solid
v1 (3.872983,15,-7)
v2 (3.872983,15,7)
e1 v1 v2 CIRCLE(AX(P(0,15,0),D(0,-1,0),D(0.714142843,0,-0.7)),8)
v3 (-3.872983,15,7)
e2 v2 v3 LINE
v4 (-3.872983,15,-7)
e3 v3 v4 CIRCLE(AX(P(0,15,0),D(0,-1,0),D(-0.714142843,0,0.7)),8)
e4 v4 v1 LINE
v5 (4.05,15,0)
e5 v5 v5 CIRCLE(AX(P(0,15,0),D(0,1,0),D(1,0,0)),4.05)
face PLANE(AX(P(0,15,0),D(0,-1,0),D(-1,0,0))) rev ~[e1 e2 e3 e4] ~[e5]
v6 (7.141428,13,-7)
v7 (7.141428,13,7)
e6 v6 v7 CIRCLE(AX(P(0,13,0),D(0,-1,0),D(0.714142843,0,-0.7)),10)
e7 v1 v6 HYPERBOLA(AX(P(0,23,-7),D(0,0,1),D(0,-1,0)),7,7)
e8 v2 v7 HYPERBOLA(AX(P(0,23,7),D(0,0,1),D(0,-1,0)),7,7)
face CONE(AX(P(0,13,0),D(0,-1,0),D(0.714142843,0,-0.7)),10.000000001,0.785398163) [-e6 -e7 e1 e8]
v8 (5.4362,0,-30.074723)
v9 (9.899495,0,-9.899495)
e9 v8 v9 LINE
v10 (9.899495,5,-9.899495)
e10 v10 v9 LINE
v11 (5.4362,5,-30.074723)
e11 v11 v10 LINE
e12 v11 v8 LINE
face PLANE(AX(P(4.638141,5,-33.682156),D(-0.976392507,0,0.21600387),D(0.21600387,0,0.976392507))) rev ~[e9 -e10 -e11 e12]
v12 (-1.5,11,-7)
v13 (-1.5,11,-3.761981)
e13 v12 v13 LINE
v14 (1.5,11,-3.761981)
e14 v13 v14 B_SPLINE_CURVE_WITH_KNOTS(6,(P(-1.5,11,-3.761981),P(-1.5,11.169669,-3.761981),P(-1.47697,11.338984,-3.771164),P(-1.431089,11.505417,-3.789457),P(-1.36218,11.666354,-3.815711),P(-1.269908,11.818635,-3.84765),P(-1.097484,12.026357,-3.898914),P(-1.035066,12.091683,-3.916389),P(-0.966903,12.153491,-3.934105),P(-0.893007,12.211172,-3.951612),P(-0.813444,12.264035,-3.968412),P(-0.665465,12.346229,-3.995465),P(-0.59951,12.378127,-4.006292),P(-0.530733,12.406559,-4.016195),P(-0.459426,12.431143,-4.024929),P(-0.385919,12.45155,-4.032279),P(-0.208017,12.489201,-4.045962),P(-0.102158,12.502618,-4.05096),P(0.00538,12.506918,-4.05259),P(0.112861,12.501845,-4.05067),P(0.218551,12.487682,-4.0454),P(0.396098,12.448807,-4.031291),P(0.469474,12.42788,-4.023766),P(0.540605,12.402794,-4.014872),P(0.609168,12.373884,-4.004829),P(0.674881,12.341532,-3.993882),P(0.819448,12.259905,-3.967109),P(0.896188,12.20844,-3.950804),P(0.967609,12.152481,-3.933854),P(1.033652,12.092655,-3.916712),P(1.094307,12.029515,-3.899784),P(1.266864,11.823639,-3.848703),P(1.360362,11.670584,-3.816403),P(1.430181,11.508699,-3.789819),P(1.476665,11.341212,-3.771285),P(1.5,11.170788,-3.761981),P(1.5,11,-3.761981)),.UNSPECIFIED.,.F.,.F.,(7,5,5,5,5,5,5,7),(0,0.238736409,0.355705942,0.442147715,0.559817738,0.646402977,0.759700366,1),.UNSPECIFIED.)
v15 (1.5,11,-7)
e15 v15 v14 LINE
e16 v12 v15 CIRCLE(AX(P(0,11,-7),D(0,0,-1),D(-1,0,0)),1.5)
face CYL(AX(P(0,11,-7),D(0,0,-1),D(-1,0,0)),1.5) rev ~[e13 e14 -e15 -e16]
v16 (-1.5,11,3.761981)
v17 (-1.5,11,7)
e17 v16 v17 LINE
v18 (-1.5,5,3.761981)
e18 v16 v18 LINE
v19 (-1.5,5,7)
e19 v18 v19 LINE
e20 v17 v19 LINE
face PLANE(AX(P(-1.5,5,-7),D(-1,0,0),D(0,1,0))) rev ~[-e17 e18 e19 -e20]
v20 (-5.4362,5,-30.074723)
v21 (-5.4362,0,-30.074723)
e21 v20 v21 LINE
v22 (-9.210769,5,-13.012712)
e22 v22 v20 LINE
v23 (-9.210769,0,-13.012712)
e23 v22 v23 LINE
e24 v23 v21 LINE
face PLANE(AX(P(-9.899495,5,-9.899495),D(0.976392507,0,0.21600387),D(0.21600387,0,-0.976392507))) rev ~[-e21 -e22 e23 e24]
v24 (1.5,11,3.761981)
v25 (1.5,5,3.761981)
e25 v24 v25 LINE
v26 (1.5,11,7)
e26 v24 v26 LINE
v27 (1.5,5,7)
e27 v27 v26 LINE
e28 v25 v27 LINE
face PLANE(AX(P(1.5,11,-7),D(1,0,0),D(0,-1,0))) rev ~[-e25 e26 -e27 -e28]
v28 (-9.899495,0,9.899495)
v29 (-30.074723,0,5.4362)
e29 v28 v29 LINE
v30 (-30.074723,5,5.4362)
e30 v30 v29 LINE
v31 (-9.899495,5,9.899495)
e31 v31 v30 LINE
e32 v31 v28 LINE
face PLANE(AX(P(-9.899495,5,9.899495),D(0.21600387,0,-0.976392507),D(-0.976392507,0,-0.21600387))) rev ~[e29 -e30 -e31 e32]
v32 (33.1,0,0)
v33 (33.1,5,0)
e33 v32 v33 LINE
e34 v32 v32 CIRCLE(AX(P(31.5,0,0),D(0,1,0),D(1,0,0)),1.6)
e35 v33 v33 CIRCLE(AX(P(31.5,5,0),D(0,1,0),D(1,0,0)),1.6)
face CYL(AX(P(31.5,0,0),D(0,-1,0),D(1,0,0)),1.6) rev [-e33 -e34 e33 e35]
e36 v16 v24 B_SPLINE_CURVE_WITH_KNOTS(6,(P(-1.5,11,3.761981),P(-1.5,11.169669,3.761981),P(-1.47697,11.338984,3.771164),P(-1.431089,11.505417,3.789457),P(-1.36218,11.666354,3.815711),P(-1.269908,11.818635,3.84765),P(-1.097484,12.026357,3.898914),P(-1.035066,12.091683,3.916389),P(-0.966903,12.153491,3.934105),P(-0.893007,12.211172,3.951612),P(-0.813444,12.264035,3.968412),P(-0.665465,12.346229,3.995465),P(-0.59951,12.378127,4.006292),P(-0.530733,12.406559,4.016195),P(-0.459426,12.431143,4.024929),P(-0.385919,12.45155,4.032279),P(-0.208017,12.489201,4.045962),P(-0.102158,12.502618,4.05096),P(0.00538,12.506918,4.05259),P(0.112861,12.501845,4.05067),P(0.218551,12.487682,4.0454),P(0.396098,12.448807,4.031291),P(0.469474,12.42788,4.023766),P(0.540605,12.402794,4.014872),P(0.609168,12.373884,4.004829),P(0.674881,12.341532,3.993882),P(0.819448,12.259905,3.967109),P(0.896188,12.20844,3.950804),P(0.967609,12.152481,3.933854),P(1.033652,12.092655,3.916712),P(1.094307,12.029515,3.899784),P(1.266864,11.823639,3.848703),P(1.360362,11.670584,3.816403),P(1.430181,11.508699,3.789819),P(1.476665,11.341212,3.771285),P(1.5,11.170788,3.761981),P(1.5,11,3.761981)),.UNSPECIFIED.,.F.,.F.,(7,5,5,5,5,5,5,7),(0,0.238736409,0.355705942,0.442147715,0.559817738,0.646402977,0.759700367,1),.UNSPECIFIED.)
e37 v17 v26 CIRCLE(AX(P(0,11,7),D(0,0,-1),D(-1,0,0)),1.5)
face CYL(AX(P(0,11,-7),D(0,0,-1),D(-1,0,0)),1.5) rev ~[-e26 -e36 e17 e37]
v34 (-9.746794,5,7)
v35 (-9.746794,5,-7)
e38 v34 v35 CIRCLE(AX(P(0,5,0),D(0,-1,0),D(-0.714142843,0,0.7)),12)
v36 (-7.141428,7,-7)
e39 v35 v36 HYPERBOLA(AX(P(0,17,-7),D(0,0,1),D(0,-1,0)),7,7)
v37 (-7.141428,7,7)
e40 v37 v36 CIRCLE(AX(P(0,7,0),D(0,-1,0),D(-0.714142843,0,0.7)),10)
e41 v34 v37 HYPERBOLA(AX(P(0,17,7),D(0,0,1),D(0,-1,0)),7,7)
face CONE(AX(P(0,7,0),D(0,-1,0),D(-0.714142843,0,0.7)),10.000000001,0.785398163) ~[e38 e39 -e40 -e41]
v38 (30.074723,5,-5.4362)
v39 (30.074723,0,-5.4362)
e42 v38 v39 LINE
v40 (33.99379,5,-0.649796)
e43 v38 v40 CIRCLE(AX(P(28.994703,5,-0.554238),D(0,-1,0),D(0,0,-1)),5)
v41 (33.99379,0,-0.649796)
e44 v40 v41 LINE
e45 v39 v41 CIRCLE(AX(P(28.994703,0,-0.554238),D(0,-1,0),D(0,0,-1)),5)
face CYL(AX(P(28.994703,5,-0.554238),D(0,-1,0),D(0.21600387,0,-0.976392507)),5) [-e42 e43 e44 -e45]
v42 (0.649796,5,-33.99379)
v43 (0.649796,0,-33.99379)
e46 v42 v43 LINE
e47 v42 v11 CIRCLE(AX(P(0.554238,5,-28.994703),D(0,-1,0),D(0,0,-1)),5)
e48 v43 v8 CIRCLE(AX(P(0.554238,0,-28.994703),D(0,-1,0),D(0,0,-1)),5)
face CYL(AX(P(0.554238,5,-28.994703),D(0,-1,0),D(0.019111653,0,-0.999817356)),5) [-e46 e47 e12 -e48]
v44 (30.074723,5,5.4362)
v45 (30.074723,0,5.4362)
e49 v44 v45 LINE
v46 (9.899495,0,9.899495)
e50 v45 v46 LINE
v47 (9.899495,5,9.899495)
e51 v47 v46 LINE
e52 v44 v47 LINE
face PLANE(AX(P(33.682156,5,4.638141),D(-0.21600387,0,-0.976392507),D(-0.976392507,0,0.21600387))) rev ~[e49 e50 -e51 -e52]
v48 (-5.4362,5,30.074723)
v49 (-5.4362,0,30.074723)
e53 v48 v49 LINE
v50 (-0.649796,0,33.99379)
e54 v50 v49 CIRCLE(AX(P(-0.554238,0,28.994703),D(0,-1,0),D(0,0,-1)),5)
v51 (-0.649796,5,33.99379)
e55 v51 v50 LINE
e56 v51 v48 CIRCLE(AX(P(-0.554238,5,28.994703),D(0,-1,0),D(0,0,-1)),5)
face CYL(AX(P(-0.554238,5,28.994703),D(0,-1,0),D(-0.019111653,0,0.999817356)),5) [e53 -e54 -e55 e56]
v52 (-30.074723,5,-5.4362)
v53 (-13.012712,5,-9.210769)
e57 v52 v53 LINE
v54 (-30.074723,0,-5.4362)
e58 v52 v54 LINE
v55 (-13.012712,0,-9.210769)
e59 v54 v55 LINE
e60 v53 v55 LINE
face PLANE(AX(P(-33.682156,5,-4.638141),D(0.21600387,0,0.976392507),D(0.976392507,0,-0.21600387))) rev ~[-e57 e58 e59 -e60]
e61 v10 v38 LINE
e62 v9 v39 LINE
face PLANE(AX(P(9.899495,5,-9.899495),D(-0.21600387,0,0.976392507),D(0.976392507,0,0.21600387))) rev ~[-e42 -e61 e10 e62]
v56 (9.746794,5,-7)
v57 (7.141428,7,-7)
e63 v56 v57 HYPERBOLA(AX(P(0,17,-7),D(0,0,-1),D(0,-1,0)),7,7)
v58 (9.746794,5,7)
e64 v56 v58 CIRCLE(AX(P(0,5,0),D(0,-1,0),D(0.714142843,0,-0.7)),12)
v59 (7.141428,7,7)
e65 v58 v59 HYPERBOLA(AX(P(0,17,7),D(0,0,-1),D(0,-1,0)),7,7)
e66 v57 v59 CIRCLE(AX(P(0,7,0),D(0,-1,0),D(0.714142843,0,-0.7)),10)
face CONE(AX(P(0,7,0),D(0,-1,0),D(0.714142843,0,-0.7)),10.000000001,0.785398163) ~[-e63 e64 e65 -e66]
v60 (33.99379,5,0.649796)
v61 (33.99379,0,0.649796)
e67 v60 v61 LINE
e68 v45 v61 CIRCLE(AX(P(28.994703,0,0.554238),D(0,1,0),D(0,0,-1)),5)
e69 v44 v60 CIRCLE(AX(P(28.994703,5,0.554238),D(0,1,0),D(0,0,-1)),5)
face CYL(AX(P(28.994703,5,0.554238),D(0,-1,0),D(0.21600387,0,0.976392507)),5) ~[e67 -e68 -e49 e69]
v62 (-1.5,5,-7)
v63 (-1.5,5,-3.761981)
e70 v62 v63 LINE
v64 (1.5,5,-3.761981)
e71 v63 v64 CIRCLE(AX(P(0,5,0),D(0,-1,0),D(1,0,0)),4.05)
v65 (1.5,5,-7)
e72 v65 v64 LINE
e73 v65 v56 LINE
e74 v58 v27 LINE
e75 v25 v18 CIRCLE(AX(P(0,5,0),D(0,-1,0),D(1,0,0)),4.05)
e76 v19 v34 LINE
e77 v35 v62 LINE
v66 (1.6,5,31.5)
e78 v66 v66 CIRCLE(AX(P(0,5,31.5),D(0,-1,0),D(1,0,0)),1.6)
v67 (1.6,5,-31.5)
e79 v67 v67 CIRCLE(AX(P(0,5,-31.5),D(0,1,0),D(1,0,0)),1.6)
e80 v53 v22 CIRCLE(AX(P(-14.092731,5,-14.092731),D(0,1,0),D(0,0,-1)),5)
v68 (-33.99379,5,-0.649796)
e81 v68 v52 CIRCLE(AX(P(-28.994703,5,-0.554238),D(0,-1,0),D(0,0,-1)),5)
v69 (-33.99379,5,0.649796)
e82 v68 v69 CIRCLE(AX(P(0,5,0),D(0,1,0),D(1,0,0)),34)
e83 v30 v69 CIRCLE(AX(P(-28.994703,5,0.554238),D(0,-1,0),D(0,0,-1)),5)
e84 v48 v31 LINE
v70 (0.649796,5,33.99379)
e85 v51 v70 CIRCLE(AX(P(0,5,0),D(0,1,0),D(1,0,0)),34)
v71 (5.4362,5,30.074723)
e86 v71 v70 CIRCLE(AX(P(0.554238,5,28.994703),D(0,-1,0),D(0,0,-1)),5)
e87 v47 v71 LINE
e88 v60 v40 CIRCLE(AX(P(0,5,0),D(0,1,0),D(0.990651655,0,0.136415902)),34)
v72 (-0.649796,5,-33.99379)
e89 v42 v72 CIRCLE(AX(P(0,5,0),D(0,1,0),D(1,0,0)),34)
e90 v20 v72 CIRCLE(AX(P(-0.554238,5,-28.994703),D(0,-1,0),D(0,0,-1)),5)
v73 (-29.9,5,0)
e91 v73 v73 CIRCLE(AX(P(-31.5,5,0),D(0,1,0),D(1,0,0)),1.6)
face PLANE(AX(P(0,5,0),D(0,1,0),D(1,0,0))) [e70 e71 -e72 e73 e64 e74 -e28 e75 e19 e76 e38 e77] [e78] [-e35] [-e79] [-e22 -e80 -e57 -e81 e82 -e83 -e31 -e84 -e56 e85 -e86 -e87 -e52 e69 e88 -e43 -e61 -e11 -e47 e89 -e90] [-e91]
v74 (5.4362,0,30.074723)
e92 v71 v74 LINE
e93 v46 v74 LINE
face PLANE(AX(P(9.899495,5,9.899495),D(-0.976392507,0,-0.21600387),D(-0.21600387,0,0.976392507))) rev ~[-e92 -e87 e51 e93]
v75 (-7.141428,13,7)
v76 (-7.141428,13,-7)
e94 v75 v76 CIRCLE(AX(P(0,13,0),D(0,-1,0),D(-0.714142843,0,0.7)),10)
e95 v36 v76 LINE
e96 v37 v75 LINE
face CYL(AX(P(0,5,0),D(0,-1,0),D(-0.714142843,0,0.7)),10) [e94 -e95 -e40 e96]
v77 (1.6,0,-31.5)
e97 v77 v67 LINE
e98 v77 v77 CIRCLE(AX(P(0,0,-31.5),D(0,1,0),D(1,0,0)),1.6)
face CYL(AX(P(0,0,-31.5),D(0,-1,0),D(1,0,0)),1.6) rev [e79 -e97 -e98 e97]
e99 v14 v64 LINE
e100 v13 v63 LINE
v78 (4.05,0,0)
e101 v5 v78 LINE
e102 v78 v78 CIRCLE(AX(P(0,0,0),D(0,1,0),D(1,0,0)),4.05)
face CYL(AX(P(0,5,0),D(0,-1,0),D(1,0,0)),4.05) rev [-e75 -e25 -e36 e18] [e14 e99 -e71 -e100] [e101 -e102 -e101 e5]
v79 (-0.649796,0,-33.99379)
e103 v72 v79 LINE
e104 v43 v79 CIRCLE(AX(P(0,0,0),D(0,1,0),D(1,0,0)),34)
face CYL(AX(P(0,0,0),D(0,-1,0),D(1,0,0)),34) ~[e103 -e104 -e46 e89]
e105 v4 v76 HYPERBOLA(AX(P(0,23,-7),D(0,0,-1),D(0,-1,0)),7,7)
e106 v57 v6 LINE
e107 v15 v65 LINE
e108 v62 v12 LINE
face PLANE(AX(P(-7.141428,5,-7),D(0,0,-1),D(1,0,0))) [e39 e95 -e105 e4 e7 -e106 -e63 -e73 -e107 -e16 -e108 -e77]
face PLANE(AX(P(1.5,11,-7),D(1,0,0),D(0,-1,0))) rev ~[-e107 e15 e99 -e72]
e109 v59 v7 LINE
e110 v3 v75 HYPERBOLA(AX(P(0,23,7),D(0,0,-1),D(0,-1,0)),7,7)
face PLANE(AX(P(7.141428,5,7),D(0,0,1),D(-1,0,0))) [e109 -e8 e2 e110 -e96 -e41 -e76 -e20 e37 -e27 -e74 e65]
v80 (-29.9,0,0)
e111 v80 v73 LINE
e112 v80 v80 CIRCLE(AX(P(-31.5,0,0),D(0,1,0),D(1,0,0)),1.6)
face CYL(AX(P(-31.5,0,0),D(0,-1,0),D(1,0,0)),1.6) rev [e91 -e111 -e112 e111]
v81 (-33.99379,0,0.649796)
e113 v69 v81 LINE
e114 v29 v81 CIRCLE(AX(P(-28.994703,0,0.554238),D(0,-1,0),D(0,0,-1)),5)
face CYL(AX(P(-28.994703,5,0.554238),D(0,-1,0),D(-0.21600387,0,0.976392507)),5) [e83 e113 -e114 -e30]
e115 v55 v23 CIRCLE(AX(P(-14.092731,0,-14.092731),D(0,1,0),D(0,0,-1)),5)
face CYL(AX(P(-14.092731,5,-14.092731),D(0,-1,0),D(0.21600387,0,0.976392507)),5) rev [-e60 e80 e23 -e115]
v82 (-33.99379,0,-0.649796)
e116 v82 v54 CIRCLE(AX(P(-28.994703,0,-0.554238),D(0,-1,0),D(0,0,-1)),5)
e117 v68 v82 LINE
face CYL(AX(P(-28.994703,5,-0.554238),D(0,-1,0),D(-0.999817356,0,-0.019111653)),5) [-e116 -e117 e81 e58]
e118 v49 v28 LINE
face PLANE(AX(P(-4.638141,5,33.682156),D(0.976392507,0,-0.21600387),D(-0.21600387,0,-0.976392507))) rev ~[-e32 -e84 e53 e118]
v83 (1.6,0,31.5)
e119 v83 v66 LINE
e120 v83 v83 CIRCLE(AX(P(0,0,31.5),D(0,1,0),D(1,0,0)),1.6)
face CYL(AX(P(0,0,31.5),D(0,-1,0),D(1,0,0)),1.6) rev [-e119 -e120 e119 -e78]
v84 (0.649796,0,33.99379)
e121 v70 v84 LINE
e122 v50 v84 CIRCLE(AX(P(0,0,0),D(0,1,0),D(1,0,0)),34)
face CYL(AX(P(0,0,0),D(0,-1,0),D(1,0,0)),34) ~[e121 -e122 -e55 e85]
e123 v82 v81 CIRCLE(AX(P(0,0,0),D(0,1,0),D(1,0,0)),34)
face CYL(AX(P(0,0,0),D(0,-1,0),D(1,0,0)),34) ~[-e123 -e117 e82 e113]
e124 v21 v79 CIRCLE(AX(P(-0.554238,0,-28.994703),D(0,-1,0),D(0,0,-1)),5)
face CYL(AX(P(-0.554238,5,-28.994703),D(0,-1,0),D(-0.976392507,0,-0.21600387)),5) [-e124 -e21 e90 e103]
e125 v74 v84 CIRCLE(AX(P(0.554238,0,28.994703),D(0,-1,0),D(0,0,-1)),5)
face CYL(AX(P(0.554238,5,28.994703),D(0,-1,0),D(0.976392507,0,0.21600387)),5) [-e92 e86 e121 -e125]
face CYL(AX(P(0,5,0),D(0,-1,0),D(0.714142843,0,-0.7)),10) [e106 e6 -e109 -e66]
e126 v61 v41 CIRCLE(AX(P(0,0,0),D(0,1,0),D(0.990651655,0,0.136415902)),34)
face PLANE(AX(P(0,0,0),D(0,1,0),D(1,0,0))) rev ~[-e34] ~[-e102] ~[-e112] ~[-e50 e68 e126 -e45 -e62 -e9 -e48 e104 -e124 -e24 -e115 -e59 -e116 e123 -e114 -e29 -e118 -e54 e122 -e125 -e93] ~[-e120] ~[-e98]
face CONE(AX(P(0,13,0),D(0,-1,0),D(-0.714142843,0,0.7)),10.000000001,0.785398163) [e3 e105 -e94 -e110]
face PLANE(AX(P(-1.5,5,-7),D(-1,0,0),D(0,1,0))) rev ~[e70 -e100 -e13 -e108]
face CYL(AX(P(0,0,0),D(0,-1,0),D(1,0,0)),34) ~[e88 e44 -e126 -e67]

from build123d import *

# Parameters (mm, degrees)
SKETCH1_R           = 34
SKETCH1_R_2         = 1.6
SKETCH1_R_3         = 4.05
BOSS_EXTRUDE1_DEPTH = 5
SKETCH2_R           = 4.05
BOSS_EXTRUDE2_DEPTH = 10
CUT_EXTRUDE1_DEPTH  = 42
CUT_EXTRUDE2_DEPTH  = 10
FILLET1_R           = 5
CHAMFER2_SIZE       = 2


with BuildPart() as part:
    # Sketch1 → Boss-Extrude1 (new body)
    with BuildSketch(Plane(origin=(0, 0, 0), x_dir=(1, 0, 0), z_dir=(0, 1, 0))):
        Circle(SKETCH1_R)
        with Locations((0, 31.5)):
            Circle(SKETCH1_R_2, mode=Mode.SUBTRACT)
        with Locations((31.5, 0)):
            Circle(SKETCH1_R_2, mode=Mode.SUBTRACT)
        with Locations((0, -31.5)):
            Circle(SKETCH1_R_2, mode=Mode.SUBTRACT)
        with Locations((-31.5, 0)):
            Circle(SKETCH1_R_2, mode=Mode.SUBTRACT)
        Circle(SKETCH1_R_3, mode=Mode.SUBTRACT)
    extrude(amount=BOSS_EXTRUDE1_DEPTH)

    # Sketch2 → Boss-Extrude2 (add)
    with BuildSketch(Plane(origin=(0, 5, 0), x_dir=(1, 0, 0), z_dir=(0, 1, 0))):
        with BuildLine():
            Line((-7.141428429, 7), (7.141428429, 7))
            ThreePointArc((7.141428429, 7), (10, 0), (7.141428429, -7))
            Line((7.141428429, -7), (-7.141428429, -7))
            ThreePointArc((-7.141428429, -7), (-10, 0), (-7.141428429, 7))
        make_face()
        Circle(SKETCH2_R, mode=Mode.SUBTRACT)
    extrude(amount=BOSS_EXTRUDE2_DEPTH)

    # Sketch3 → Cut-Extrude1 (cut, through all)
    with BuildSketch(Plane(origin=(0, 0, -7), x_dir=(-1, 0, 0), z_dir=(0, 0, -1))):
        with BuildLine():
            Line((1.5, 5), (1.5, 11))
            ThreePointArc((1.5, 11), (0, 12.5), (-1.5, 11))
            Line((-1.5, 11), (-1.5, 5))
            Line((-1.5, 5), (1.5, 5))
        make_face()
    extrude(amount=-CUT_EXTRUDE1_DEPTH, mode=Mode.SUBTRACT)

    # Sketch4 → Cut-Extrude2 (cut)
    with BuildSketch(Plane(origin=(0, 5, 0), x_dir=(1, 0, 0), z_dir=(0, 1, 0))):
        with BuildLine():
            Line((-33.682156271, 4.638140673), (-9.899494937, 9.899494937))
            Line((-9.899494937, 9.899494937), (-4.638140673, 33.682156271))
            ThreePointArc((-4.638140673, 33.682156271), (-24.04163056, 24.04163056), (-33.682156271, 4.638140673))
        make_face()
        with BuildLine():
            Line((4.638140673, 33.682156271), (9.899494937, 9.899494937))
            Line((9.899494937, 9.899494937), (33.682156271, 4.638140673))
            ThreePointArc((33.682156271, 4.638140673), (24.04163056, 24.04163056), (4.638140673, 33.682156271))
        make_face()
        with BuildLine():
            Line((33.682156271, -4.638140673), (9.899494937, -9.899494937))
            Line((9.899494937, -9.899494937), (4.638140673, -33.682156271))
            ThreePointArc((4.638140673, -33.682156271), (24.04163056, -24.04163056), (33.682156271, -4.638140673))
        make_face()
        with BuildLine():
            Line((-4.638140673, -33.682156271), (-9.899494937, -9.899494937))
            Line((-9.899494937, -9.899494937), (-33.682156271, -4.638140673))
            ThreePointArc((-33.682156271, -4.638140673), (-24.04163056, -24.04163056), (-4.638140673, -33.682156271))
        make_face()
    extrude(amount=-CUT_EXTRUDE2_DEPTH, mode=Mode.SUBTRACT)

    # Fillet1
    fillet1_edges = [part.edges().sort_by_distance(p)[0] for p in [
        (-9.899494937, 2.5, -9.899494937),
        (-33.682156271, 2.5, -4.638140673),
        (-4.638140673, 2.5, -33.682156271),
        (4.638140673, 2.5, -33.682156271),
        (33.682156271, 2.5, -4.638140673),
        (33.682156271, 2.5, 4.638140673),
        (4.638140673, 2.5, 33.682156271),
        (-4.638140673, 2.5, 33.682156271),
        (-33.682156271, 2.5, 4.638140673),
    ]]
    fillet(fillet1_edges, radius=FILLET1_R)

    # Chamfer2
    chamfer2_edges = [part.edges().sort_by_distance(p)[0] for p in [
        (-10, 15, 0),
        (10, 15, 0),
        (-10, 5, 0),
        (10, 5, 0),
    ]]
    chamfer(chamfer2_edges, length=CHAMFER2_SIZE)


solid = part.part
